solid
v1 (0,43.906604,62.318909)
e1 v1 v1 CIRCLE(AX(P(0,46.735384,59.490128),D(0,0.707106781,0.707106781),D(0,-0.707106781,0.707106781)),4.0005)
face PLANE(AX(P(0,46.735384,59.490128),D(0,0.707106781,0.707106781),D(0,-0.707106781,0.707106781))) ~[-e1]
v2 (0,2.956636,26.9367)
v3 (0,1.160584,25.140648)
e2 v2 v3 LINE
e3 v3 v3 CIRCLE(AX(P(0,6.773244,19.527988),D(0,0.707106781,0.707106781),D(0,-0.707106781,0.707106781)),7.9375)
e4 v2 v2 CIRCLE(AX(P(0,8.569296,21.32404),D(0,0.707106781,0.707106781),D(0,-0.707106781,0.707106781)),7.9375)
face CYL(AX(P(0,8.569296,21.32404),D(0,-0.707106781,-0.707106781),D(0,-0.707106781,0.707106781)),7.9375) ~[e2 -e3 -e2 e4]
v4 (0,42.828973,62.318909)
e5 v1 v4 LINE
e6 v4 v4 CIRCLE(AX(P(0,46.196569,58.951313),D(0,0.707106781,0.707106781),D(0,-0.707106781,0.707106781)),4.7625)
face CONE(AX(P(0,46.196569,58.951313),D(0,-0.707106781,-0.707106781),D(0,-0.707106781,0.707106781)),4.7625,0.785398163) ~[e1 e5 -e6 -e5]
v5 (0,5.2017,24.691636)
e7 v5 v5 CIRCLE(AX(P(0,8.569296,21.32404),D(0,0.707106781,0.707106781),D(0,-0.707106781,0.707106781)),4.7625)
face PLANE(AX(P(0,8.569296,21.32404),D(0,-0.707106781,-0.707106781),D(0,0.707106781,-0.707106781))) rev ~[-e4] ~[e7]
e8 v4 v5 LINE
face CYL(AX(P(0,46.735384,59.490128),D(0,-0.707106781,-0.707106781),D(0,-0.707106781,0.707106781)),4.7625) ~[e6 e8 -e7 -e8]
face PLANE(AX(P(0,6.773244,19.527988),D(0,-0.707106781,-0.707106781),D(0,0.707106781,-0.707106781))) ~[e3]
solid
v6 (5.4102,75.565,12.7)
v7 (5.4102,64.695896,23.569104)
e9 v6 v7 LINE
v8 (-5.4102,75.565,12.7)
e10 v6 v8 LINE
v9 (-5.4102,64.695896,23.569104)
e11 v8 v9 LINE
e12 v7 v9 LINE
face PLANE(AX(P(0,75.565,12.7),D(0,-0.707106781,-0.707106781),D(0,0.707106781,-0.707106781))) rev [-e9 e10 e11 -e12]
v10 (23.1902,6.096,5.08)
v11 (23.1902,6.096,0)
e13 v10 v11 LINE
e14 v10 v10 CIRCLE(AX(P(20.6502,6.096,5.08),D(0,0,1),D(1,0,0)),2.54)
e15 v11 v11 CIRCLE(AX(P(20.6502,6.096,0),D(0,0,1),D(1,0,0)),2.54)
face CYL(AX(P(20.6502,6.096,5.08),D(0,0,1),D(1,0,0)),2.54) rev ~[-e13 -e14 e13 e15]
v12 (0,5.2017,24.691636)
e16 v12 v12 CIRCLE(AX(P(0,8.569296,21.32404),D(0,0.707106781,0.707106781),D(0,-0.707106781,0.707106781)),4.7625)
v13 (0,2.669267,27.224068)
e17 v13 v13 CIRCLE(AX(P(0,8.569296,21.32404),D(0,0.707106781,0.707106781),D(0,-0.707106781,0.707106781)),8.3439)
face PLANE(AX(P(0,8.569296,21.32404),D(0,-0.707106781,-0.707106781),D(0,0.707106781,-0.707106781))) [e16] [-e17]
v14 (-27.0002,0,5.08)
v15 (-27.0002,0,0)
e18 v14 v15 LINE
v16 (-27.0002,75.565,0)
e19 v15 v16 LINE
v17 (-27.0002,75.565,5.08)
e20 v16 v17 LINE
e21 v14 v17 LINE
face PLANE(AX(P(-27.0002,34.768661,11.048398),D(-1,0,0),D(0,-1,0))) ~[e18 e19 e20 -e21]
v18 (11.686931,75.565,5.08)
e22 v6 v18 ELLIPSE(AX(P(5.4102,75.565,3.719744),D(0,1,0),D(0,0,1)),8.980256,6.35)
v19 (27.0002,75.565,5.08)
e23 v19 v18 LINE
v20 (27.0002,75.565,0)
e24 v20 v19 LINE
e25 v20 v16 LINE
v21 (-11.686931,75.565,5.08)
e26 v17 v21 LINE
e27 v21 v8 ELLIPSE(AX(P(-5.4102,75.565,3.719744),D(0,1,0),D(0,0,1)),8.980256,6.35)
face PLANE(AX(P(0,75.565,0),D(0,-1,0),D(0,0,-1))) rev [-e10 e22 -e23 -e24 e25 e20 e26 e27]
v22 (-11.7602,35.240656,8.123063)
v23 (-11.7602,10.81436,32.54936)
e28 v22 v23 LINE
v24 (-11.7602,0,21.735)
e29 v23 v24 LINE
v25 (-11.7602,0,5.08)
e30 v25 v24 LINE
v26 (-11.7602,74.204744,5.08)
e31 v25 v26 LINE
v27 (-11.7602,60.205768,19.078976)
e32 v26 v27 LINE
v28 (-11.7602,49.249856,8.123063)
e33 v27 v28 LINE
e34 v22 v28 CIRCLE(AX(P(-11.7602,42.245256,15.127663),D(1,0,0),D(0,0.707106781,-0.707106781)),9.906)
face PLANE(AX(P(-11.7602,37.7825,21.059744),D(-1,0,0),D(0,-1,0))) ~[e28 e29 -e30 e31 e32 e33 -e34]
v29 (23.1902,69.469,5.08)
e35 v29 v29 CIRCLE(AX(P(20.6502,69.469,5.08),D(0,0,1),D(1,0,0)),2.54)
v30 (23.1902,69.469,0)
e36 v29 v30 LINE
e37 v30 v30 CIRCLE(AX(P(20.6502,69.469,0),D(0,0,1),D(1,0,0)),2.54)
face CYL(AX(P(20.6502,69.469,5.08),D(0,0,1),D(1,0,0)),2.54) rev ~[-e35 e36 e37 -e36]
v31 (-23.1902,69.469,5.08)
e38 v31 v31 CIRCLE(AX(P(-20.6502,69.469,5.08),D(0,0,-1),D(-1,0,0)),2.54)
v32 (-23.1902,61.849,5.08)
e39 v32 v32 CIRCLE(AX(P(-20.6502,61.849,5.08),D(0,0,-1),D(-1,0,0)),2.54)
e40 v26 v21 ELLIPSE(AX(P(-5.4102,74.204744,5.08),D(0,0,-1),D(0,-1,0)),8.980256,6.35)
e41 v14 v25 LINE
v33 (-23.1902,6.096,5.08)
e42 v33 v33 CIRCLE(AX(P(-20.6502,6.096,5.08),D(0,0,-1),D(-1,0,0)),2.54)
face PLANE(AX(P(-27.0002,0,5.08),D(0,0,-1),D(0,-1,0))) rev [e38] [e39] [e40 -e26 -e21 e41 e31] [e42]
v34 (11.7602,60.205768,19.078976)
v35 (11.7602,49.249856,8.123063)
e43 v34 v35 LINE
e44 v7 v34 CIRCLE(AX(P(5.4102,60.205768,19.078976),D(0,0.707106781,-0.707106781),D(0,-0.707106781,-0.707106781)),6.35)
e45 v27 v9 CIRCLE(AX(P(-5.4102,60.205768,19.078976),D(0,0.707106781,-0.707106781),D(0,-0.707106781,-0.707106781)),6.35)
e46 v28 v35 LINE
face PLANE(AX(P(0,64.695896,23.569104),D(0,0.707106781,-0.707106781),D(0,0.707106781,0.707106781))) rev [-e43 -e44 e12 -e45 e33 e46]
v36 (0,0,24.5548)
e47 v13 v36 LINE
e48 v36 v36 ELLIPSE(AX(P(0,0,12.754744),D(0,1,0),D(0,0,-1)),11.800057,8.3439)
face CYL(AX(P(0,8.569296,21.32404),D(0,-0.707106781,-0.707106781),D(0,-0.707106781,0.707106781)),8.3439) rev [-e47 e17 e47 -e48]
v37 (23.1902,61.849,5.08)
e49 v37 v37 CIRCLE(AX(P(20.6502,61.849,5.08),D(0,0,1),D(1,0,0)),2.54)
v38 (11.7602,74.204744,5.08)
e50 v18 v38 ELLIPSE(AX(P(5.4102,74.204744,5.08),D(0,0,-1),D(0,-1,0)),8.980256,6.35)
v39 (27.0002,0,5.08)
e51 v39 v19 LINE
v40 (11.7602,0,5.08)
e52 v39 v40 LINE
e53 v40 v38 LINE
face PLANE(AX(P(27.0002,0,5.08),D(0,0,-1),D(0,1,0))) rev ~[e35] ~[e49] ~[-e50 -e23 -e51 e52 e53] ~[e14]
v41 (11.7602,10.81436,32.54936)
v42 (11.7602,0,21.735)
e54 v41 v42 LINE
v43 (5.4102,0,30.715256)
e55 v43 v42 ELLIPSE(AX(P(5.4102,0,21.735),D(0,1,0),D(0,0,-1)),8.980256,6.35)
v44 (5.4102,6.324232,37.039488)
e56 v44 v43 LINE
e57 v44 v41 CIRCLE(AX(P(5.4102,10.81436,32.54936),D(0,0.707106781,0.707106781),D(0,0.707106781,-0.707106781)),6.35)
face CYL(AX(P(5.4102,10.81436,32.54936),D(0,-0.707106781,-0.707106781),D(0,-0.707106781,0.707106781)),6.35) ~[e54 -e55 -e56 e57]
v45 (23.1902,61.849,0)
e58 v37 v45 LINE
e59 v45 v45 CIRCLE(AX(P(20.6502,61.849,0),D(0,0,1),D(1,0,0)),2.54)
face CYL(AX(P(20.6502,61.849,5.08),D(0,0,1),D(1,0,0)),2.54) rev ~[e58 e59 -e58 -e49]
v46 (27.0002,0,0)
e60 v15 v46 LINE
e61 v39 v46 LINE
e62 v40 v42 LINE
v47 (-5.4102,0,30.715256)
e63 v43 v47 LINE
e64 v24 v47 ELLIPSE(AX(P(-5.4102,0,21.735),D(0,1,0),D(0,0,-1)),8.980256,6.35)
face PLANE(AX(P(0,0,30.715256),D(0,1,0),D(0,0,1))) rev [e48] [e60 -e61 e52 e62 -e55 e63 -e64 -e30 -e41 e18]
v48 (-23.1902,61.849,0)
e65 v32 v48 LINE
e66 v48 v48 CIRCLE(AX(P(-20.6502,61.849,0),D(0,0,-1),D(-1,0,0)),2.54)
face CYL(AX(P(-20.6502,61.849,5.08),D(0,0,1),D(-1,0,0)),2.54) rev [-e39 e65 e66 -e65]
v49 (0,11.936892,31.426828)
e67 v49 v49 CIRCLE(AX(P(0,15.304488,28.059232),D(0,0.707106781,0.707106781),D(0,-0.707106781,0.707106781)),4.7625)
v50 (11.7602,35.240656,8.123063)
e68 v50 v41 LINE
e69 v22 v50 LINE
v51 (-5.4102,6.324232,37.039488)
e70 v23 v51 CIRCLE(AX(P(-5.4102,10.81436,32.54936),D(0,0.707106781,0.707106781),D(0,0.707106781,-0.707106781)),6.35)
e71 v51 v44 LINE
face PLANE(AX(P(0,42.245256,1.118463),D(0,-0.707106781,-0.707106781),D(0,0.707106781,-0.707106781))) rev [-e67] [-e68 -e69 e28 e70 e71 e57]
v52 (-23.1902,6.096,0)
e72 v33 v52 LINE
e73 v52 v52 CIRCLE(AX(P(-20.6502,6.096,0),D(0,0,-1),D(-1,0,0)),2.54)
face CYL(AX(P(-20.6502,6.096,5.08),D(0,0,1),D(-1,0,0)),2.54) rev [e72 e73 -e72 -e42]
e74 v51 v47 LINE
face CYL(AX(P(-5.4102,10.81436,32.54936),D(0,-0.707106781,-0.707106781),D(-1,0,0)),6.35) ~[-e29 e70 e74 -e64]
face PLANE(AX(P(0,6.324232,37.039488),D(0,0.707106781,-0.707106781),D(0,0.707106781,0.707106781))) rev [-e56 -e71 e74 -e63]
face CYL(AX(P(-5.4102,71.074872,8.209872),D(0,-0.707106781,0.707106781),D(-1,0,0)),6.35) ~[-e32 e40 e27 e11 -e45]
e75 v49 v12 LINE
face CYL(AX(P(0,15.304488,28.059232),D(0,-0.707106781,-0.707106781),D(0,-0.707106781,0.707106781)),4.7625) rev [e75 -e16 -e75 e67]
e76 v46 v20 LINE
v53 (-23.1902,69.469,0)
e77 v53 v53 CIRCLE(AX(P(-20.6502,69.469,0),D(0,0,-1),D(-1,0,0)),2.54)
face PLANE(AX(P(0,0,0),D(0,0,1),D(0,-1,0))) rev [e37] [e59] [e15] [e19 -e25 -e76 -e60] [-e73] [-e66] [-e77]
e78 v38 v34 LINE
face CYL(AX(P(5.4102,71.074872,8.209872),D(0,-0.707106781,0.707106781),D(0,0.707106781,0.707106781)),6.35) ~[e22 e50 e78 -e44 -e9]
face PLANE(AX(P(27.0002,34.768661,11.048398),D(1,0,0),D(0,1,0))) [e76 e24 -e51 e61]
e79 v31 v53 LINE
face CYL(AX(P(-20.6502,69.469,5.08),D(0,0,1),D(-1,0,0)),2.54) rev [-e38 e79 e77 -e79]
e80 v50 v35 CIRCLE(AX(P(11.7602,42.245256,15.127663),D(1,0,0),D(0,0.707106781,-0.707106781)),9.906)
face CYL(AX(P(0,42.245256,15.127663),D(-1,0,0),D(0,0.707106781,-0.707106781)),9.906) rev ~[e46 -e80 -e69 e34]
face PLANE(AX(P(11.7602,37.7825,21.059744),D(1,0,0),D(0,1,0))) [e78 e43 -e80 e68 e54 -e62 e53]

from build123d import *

# Parameters (mm, degrees)
F1_DEPTH = 27.0002
F2_R     = 9.906
F3_W     = 75.565
F3_H     = 31.9594877579
F4_DEPTH = 15.24
F5_R     = 2.54
F6_DEPTH = 5.081
F8_R     = 6.35
F13_SIZE = 0.762


with BuildPart() as f1:
    # F0 (on Right) → F1 (new body)
    with BuildSketch(Plane.YZ):
        Polygon((0, 30.7152561211), (0, 0), (75.565, 0), (75.565, 12.7), (64.6958964237, 23.5691035763), (42.2452561211, 1.1184632736), (6.3242316368, 37.0394877579), align=None)
    extrude(amount=F1_DEPTH)

    # F2
    f2_edges = [f1.edges().sort_by_distance(p)[0] for p in [
        (13.5001, 42.245256, 1.118463),
    ]]
    fillet(f2_edges, radius=F2_R)

    # F3 (on face) → F4 (cut)
    with BuildSketch(Plane.YZ.offset(27.0002)):
        with Locations((37.7825, 21.0597438789)):
            Rectangle(F3_W, F3_H)
    extrude(amount=-F4_DEPTH, mode=Mode.SUBTRACT)

    # F5 (on face) → F6 (cut, through all)
    with BuildSketch(Plane.XY.offset(5.08)):
        with Locations((20.6502, 69.469)):
            Circle(F5_R)
        with Locations((20.6502, 61.849)):
            Circle(F5_R)
        with Locations((20.6502, 6.096)):
            Circle(F5_R)
    extrude(amount=-F6_DEPTH, mode=Mode.SUBTRACT)

    # F7: F1 across face


with BuildPart() as f1_1:
    add(f1.part)
    add(f1.part.mirror(Plane(origin=(0, 31.4337361572, 11.6287579026), x_dir=(0, 1, 0), z_dir=(-1, 0, 0))))

    # F8
    f8_edges = [f1_1.edges().sort_by_distance(p)[0] for p in [
        (-11.7602, 3.162116, 33.877372),
        (11.7602, 3.162116, 33.877372),
        (-11.7602, 70.130448, 18.134552),
        (11.7602, 70.130448, 18.134552),
    ]]
    fillet(f8_edges, radius=F8_R)

    # F9 (on Right) → F10 (revolve, cut)
    with BuildSketch(Plane.YZ):
        Polygon((15.3044877579, 28.0592316368), (11.9368917125, 31.4268276822), (5.2016996217, 24.6916355914), (2.6692673955, 27.2240678175), (-12.277400211, 12.277400211), (-6.3773719395, 6.3773719395), align=None)
    revolve(axis=Axis((0, 22.0396798487, 34.7944237276), (0, 0.7071067812, 0.7071067812)), mode=Mode.SUBTRACT)


with BuildPart() as f12:
    # F11 (on Right) → F12 (revolve)
    with BuildSketch(Plane.YZ):
        Polygon((11.9368917125, 31.4268276822), (5.2016996217, 24.6916355914), (2.9566355914, 26.9366996217), (1.1605843672, 25.1406483974), (6.7732444428, 19.5279883218), (46.7353841816, 59.4901280605), (43.3677881362, 62.8577241059), align=None)
    revolve(axis=Axis((0, 26.7543143122, 39.5090581912), (0, 0.7071067812, 0.7071067812)))

    # F13
    f13_edges = [f12.edges().sort_by_distance(p)[0] for p in [
        (0, 50.10298, 56.122532),
    ]]
    chamfer(f13_edges, length=F13_SIZE)


solid = Compound([f1_1.part, f12.part])
